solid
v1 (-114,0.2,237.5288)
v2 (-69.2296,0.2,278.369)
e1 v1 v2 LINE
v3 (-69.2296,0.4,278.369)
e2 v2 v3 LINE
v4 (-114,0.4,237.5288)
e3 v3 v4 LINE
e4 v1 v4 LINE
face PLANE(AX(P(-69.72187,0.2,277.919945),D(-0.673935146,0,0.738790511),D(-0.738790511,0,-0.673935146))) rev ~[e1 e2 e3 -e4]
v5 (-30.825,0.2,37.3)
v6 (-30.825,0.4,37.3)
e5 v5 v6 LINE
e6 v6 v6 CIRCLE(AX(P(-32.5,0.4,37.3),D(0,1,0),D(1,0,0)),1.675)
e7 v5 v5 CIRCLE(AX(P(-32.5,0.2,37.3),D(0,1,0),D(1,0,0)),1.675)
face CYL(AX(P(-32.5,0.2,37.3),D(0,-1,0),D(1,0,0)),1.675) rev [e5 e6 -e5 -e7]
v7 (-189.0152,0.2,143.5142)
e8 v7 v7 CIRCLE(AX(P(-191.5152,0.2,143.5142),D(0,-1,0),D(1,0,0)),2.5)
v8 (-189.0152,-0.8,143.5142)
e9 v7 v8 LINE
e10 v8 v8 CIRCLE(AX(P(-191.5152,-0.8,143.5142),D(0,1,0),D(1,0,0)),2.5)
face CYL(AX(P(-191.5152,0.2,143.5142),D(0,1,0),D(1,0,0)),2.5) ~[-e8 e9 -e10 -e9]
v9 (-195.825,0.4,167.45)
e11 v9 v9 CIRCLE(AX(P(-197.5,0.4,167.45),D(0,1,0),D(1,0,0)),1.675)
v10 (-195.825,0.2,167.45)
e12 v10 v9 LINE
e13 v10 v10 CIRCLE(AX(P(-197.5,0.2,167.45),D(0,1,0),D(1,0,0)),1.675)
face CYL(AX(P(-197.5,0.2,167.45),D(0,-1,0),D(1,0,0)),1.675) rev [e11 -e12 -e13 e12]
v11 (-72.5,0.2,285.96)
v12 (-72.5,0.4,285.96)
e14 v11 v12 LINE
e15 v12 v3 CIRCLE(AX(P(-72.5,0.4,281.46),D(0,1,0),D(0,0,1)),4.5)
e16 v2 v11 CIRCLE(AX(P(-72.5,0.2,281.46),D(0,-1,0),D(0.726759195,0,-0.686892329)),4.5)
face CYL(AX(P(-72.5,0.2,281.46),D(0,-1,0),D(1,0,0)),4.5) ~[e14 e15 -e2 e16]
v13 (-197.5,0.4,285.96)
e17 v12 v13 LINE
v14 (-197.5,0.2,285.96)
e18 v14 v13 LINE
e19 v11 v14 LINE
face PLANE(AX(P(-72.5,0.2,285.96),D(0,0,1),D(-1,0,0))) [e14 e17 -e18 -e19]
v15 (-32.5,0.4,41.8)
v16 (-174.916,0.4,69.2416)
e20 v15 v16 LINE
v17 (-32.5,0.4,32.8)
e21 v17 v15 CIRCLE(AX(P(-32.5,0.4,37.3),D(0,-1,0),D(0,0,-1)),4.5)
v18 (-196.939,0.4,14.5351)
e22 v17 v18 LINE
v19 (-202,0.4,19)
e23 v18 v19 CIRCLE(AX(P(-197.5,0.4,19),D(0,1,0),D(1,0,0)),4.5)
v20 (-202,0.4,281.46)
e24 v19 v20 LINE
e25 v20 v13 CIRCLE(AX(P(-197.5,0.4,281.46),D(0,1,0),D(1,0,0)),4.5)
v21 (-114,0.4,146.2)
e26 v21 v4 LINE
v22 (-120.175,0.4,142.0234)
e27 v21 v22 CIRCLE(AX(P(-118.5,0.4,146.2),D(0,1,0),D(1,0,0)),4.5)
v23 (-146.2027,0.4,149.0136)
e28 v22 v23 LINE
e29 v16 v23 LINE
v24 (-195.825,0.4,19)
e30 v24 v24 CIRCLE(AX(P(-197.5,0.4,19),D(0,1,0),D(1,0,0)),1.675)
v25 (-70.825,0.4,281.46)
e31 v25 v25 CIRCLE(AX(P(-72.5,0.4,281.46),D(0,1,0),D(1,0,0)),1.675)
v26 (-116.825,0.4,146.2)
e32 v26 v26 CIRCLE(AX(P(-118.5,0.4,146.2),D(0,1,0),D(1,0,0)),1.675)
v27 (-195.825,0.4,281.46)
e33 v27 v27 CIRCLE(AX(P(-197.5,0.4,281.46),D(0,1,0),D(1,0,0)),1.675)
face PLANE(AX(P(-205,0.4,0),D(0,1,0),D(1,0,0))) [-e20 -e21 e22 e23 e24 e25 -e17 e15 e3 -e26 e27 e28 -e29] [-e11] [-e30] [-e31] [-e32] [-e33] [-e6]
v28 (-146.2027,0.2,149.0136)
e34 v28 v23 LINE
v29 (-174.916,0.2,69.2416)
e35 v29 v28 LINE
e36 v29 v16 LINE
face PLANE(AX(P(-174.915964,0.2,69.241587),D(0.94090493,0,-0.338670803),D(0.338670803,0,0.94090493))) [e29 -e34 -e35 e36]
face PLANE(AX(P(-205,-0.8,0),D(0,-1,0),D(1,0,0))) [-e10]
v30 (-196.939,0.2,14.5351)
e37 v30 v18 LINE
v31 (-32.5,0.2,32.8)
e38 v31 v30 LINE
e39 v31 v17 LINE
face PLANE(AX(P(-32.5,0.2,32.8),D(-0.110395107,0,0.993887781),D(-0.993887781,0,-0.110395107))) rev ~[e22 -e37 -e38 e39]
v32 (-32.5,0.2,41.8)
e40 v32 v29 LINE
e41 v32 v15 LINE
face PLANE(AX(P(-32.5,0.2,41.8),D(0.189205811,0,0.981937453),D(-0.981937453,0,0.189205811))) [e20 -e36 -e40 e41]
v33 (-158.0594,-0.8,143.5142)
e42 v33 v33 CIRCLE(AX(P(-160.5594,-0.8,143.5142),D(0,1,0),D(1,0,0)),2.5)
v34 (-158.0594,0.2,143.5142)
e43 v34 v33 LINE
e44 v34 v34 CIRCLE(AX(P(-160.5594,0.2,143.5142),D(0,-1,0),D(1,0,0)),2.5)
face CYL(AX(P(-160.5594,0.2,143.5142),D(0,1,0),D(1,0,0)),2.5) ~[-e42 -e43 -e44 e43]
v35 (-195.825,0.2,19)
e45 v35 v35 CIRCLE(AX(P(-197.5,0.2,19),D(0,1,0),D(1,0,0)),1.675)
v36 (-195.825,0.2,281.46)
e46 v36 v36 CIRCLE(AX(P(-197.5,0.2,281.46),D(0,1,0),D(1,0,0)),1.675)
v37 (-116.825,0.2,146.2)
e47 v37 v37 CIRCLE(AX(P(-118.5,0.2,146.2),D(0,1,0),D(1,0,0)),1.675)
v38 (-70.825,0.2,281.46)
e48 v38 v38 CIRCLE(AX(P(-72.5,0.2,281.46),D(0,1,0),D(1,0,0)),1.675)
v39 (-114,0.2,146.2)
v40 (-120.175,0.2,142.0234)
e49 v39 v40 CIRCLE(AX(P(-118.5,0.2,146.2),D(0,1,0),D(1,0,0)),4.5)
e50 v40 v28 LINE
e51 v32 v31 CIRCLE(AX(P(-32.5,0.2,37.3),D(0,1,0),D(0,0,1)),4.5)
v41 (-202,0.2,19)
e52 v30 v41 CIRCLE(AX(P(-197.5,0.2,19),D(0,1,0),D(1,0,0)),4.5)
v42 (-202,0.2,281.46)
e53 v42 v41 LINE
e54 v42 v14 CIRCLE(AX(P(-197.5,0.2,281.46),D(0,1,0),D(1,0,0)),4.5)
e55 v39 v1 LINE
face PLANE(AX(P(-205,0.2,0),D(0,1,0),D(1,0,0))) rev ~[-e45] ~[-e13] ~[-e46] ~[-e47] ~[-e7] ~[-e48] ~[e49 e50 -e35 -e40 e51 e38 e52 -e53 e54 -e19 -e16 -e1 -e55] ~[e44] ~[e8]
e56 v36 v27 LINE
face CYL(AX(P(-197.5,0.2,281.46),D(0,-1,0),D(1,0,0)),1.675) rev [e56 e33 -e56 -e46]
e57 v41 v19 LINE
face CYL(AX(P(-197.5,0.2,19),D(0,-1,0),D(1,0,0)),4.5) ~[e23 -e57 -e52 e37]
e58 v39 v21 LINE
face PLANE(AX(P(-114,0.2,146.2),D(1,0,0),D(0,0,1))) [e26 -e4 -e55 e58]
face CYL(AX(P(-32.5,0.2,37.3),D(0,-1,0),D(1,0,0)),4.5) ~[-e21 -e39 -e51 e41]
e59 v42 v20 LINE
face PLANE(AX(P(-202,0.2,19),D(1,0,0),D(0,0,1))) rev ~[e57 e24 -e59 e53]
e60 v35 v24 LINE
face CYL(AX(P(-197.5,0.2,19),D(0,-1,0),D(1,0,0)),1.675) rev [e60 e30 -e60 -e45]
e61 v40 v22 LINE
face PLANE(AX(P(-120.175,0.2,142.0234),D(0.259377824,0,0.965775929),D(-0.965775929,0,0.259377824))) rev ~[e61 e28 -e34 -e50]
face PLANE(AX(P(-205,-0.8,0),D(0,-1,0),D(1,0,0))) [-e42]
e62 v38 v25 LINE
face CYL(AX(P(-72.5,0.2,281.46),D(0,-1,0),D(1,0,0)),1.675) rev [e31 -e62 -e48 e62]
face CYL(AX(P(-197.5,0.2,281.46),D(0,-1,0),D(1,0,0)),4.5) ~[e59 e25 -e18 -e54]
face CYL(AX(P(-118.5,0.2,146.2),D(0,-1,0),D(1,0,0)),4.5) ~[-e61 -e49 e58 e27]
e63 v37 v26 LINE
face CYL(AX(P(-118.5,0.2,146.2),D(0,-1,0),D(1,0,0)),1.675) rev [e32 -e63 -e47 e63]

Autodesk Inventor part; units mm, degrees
ref_plane "YZ Plane" through (0, 0, 0) normal (1, 0, 0) x (0, 1, 0)
ref_plane "Work Plane1" through (-205, 0.2, 0) normal (0, 1, 0) x (1, 0, 0)
sketch "Sketch1" plane through (-205, 0.2, 0) normal (0, 1, 0) x (1, 0, 0)
  circle A0 centre (172.5, -37.3) radius 1.675 projected
  circle A1 centre (172.5, -37.3) radius 4.5
  circle A2 centre (172.5, -37.3) radius 1.675
  circle A3 centre (7.5, -19) radius 1.675 projected
  circle A4 centre (7.5, -19) radius 4.5
  circle A5 centre (7.5, -19) radius 1.675
  circle A6 centre (86.5, -146.2) radius 1.675 projected
  circle A7 centre (86.5, -146.2) radius 4.5
  circle A8 centre (86.5, -146.2) radius 1.675
  circle A9 centre (7.5, -167.45) radius 1.675 projected
  circle A10 centre (7.5, -167.45) radius 4.5
  circle A11 centre (7.5, -167.45) radius 1.675
  circle A12 centre (7.5, -281.46) radius 1.675 projected
  circle A13 centre (7.5, -281.46) radius 4.5
  circle A14 centre (7.5, -281.46) radius 1.675
  circle A15 centre (132.5, -281.46) radius 1.675 projected
  circle A16 centre (132.5, -281.46) radius 4.5
  circle A17 centre (132.5, -281.46) radius 1.675
  line L0 (132.5, -285.96) -> (7.5, -285.96)
  line L1 (3, -281.46) -> (3, -167.45)
  line L2 (135.7704, -278.369) -> (10.5327, -164.1254)
  line L3 (91, -146.2) -> (91, -237.5288)
  line L4 (84.825, -142.0234) -> (6.3328, -163.104)
  line L5 (91, -237.5288) -> (10.5327, -164.1254)
  line L6 (12, -19) -> (58.7973, -149.0136)
  line L7 (3, -19) -> (3, -167.45)
  line L8 (172.5, -41.8) -> (30.084, -69.2416)
  line L9 (172.5, -32.8) -> (8.061, -14.5351)
  point P0 (205, 0)
  dimension "d1" = 9
  dimension "d2" = 9
  dimension "d3" = 9
  dimension "d4" = 9
  dimension "d5" = 9
  dimension "d6" = 9
extrude "Extrusion1" add sketch "Sketch1" along normal blind 0.2 contours A1 | A1 L8 L6 A4 L9 | A4 | L6 L4 A10 L7 A4 | L4 A7 L3 L2 A10 | A10 | A10 L2 A16 L0 A13 L1 | A7 | A13 | A16 L2 picked at (134.365, -278.4554)
ref_plane "Work Plane2" through (-205, 0.4, 0) normal (0, 1, 0) x (1, 0, 0)
sketch "Sketch3" plane through (-205, 0.2, 0) normal (0, -1, 0) x (1, 0, 0)
  line L0 (3, 19) -> (3, 281.46) projected
  line L1 (3, 143.5142) -> (56.8178, 143.5142)
  line L2 (58.7973, 149.0136) -> (30.084, 69.2416) projected
  circle A0 centre (13.4848, 143.5142) radius 2.5
  circle A1 centre (44.4406, 143.5142) radius 2.5
  point P0 (205, 0)
  dimension "d11" = 5
  dimension "d12" = 5
extrude "Extrusion2" add sketch "Sketch3" along normal blind 1
properties part number "base_main_pcb_full"
